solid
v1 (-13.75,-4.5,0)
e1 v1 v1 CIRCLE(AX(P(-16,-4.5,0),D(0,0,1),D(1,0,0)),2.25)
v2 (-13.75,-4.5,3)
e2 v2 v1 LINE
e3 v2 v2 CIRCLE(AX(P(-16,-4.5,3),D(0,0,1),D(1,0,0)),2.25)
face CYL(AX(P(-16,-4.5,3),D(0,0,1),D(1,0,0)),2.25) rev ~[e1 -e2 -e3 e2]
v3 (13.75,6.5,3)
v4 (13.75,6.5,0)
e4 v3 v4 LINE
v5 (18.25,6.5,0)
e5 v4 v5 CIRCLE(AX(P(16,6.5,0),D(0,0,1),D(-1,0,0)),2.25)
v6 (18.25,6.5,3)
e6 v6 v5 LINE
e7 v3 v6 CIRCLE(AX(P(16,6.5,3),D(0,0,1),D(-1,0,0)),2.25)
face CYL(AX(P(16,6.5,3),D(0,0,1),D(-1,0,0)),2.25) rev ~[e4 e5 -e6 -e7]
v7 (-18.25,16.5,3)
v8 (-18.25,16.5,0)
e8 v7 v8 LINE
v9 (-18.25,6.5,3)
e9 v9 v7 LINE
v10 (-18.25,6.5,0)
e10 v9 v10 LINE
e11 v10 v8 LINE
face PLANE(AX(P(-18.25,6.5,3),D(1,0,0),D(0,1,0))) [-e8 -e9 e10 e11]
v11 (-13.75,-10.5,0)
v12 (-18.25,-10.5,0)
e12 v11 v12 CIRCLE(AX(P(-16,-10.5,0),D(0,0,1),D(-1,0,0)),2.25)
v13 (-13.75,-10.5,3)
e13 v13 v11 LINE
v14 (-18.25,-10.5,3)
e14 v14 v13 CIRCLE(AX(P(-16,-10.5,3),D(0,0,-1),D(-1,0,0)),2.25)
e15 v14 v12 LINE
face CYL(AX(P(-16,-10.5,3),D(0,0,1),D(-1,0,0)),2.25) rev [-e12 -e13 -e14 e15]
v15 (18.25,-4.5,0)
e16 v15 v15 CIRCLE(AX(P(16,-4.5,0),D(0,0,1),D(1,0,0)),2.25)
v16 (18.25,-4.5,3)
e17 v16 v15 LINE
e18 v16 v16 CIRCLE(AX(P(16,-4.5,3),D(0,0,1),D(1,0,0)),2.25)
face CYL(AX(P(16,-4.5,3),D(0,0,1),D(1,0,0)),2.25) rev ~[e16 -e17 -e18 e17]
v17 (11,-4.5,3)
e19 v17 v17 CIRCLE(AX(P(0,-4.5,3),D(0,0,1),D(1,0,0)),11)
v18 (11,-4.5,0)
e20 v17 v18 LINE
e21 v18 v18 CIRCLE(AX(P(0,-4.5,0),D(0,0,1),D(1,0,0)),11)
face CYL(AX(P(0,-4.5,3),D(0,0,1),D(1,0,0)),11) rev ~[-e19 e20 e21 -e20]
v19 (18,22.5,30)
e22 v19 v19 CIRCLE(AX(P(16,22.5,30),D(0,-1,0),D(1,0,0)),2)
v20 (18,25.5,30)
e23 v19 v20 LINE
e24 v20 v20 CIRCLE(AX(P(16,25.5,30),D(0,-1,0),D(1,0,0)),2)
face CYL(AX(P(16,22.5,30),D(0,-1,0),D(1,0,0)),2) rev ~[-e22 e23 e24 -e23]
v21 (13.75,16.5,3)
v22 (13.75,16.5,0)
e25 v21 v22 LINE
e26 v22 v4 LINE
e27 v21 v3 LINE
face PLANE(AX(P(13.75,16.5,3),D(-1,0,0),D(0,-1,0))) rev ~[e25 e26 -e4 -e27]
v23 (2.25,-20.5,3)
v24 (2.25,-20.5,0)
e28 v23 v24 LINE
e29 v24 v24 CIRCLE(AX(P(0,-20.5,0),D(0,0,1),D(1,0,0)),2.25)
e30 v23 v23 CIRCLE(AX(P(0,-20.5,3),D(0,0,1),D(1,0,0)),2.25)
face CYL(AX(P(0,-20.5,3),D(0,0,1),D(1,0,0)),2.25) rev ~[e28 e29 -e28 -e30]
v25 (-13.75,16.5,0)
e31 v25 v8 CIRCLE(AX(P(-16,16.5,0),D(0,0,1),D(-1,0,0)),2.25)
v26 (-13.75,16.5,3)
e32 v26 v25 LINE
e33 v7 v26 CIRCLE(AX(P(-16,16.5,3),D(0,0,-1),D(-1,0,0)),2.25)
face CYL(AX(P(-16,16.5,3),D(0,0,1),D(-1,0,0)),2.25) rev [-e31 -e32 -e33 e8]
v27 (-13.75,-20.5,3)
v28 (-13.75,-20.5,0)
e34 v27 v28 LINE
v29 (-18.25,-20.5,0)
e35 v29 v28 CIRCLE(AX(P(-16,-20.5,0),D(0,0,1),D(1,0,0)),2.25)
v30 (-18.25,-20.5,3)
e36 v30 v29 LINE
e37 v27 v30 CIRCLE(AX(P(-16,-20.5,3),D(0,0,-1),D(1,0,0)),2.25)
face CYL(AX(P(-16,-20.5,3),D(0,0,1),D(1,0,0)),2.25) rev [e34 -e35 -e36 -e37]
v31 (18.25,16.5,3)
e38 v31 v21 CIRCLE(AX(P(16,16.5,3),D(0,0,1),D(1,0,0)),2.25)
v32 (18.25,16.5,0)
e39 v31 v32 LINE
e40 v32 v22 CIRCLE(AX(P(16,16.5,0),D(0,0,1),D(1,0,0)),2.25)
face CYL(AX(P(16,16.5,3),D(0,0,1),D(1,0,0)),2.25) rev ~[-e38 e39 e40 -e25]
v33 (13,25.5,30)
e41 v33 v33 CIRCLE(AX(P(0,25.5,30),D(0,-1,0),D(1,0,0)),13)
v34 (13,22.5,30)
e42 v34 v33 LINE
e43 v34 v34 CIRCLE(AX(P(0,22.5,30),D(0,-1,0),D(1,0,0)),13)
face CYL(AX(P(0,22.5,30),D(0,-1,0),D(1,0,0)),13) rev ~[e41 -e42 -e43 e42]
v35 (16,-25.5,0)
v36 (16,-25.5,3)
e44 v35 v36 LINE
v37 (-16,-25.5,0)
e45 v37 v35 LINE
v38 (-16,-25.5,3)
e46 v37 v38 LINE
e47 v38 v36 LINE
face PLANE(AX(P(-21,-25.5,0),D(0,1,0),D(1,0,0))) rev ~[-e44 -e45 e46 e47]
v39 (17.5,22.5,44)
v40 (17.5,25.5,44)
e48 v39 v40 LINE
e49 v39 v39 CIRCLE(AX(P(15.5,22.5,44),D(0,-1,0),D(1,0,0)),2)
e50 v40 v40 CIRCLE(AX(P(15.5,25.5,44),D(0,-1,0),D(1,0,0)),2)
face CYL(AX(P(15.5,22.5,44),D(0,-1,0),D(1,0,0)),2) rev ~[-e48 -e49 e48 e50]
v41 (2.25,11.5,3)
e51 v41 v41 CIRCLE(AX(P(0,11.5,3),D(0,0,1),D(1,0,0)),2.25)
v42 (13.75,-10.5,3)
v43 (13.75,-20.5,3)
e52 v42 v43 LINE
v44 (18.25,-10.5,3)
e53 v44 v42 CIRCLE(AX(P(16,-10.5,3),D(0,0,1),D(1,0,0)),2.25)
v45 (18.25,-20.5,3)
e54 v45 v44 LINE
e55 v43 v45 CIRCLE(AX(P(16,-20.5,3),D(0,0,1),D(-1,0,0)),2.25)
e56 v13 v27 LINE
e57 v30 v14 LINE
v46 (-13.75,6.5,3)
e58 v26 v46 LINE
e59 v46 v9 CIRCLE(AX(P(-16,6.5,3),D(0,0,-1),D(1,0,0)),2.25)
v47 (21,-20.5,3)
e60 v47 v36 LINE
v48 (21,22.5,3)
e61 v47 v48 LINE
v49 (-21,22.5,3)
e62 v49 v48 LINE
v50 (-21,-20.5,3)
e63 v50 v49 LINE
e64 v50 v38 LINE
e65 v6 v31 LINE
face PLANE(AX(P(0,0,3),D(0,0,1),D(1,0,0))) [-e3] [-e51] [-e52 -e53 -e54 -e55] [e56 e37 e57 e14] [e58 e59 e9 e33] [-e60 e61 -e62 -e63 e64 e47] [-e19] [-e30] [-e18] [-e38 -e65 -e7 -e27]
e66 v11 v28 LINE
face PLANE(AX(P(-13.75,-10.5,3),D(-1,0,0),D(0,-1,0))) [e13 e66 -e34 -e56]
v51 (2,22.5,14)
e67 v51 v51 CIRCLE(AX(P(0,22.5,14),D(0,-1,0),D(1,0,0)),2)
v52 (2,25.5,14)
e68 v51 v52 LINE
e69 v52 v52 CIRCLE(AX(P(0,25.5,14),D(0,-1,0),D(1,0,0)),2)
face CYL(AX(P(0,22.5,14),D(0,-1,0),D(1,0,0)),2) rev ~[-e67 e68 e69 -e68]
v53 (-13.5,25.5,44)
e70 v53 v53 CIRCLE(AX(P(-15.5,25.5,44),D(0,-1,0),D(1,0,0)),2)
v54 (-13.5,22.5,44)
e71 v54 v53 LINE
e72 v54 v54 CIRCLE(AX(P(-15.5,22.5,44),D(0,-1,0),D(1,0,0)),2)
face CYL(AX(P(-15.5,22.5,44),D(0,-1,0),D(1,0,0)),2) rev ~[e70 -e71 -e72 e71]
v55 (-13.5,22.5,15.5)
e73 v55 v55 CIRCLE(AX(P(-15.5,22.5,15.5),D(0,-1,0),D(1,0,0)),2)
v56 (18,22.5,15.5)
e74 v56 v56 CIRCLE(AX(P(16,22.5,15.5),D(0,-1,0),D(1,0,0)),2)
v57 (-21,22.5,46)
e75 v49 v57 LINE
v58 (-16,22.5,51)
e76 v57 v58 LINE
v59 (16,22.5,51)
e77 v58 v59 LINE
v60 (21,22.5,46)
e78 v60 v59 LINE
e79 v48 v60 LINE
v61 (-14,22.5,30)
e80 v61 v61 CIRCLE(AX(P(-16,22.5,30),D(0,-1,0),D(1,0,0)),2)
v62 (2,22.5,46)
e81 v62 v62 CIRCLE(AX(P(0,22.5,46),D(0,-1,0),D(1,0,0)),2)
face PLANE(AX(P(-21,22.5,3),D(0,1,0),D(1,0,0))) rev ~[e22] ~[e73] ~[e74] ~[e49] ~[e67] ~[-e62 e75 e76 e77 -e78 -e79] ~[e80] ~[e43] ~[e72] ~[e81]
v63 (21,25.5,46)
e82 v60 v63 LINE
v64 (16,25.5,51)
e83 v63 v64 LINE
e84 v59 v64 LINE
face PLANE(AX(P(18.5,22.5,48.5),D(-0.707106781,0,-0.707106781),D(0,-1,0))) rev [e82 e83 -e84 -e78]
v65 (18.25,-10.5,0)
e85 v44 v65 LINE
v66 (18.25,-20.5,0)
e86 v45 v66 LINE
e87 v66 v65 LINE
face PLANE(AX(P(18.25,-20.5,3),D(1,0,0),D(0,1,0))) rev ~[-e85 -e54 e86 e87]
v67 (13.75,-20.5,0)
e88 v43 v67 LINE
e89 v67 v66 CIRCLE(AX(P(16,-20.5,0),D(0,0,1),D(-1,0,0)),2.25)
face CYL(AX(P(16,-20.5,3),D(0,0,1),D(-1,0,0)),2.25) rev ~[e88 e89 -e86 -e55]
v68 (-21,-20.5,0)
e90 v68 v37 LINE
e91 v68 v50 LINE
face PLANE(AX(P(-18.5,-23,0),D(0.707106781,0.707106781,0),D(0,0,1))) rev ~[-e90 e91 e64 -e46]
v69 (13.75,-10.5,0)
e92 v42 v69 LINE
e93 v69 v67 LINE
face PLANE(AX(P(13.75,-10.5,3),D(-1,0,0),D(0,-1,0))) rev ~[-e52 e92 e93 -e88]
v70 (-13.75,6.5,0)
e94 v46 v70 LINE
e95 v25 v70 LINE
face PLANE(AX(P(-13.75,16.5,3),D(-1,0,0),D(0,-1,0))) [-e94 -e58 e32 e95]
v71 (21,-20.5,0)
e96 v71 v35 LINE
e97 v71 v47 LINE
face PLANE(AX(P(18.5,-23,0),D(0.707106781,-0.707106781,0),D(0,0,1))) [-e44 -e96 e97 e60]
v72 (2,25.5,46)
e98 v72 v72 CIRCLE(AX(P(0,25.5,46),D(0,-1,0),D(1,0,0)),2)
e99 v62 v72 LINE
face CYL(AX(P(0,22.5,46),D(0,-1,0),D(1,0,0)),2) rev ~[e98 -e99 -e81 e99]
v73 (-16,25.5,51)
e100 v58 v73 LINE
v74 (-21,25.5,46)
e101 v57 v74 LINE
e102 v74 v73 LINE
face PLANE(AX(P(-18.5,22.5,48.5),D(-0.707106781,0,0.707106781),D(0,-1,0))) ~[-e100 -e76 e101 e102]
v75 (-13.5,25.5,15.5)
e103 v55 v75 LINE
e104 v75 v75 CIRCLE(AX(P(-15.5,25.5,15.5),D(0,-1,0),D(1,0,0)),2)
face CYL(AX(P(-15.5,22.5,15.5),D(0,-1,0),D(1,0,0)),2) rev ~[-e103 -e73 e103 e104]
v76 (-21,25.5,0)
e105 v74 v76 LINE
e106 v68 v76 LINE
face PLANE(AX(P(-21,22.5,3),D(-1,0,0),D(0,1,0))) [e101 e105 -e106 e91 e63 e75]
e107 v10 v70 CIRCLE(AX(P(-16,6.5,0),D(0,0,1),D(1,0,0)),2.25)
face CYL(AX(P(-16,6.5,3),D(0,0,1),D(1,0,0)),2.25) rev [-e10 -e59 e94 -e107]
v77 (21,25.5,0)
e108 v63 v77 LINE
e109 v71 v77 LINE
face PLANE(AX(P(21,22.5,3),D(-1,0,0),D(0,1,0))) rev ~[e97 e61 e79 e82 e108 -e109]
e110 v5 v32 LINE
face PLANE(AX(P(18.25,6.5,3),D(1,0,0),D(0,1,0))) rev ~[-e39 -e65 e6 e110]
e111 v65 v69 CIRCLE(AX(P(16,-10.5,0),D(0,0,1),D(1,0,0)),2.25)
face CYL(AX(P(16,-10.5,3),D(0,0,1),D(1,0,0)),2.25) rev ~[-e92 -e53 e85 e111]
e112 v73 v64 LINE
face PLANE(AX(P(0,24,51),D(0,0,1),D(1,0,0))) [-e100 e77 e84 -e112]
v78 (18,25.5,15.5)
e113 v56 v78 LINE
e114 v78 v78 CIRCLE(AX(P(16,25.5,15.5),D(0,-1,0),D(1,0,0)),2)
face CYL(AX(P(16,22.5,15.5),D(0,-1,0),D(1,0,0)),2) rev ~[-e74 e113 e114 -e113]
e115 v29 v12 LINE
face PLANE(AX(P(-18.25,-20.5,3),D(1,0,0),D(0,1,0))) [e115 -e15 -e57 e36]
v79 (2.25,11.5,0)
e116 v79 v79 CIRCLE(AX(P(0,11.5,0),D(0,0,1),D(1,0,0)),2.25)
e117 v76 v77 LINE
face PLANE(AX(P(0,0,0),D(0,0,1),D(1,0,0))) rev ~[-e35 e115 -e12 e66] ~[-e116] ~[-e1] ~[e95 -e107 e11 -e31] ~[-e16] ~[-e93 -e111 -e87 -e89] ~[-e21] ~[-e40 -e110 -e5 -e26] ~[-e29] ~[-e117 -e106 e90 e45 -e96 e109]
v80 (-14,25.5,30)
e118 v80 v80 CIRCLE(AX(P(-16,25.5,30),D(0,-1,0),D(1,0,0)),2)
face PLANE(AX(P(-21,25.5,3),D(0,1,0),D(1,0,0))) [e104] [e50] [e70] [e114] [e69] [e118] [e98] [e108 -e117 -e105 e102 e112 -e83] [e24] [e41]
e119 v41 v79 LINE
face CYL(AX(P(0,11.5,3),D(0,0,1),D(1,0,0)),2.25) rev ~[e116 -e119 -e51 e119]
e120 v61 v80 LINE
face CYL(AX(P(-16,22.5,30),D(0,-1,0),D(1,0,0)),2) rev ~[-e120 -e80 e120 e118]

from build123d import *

# Parameters (mm, degrees)
SKETCH_1_W          = 42
SKETCH_1_H          = 51
EXTRUDE_1_DEPTH     = 3
SKETCH_2_W          = 42
SKETCH_2_H          = 3
EXTRUDE_2_DEPTH     = 48
CHAMFER_1_SIZE      = 5
SKETCH_3_R          = 13
SKETCH_3_R_2        = 2
CUT_EXTRUDE_1_DEPTH = 48
SKETCH_4_R          = 2.25
SKETCH_4_R_2        = 11
CUT_EXTRUDE_2_DEPTH = 48


with BuildPart() as part:
    # 스케치1 → 보스-돌출1 (new body)
    with BuildSketch(Plane.XY):
        Rectangle(SKETCH_1_W, SKETCH_1_H)
    extrude(amount=EXTRUDE_1_DEPTH)

    # 스케치2 → 보스-돌출2 (add)
    with BuildSketch(Plane.XY.offset(3)):
        with Locations((0, 24)):
            Rectangle(SKETCH_2_W, SKETCH_2_H)
    extrude(amount=EXTRUDE_2_DEPTH)

    # 모따기1
    chamfer_1_edges = [part.edges().sort_by_distance(p)[0] for p in [
        (-21, 24, 51),
        (21, 24, 51),
        (21, -25.5, 1.5),
        (-21, -25.5, 1.5),
    ]]
    chamfer(chamfer_1_edges, length=CHAMFER_1_SIZE)

    # 스케치3 → 컷-돌출1 (cut)
    with BuildSketch(Plane.XZ.offset(-22.5)):
        with Locations((0, 30)):
            Circle(SKETCH_3_R)
        with Locations((-15.5, 44)):
            Circle(SKETCH_3_R_2)
        with Locations((-15.5, 15.5)):
            Circle(SKETCH_3_R_2)
        with Locations((0, 46)):
            Circle(SKETCH_3_R_2)
        with Locations((15.5, 44)):
            Circle(SKETCH_3_R_2)
        with Locations((16, 30)):
            Circle(SKETCH_3_R_2)
        with Locations((0, 14)):
            Circle(SKETCH_3_R_2)
        with Locations((-16, 30)):
            Circle(SKETCH_3_R_2)
        with Locations((16, 15.5)):
            Circle(SKETCH_3_R_2)
    extrude(amount=-CUT_EXTRUDE_1_DEPTH, mode=Mode.SUBTRACT)

    # 스케치4 → 컷-돌출2 (cut)
    with BuildSketch(Plane.XY.offset(3)):
        with Locations((0, -20.5)):
            Circle(SKETCH_4_R)
        with Locations((0, -4.5)):
            Circle(SKETCH_4_R_2)
        with Locations((-16, -4.5)):
            Circle(SKETCH_4_R)
        with Locations((0, 11.5)):
            Circle(SKETCH_4_R)
        with Locations((16, -4.5)):
            Circle(SKETCH_4_R)
        with BuildLine():
            Line((-13.75, 16.5), (-13.75, 6.5))
            ThreePointArc((-13.75, 6.5), (-16, 4.25), (-18.25, 6.5))
            Line((-18.25, 6.5), (-18.25, 16.5))
            ThreePointArc((-18.25, 16.5), (-16, 18.75), (-13.75, 16.5))
        make_face()
        with BuildLine():
            Line((-13.75, -10.5), (-13.75, -20.5))
            ThreePointArc((-13.75, -20.5), (-16, -22.75), (-18.25, -20.5))
            Line((-18.25, -20.5), (-18.25, -10.5))
            ThreePointArc((-18.25, -10.5), (-16, -8.25), (-13.75, -10.5))
        make_face()
        with BuildLine():
            Line((13.75, -10.5), (13.75, -20.5))
            ThreePointArc((13.75, -20.5), (16, -22.75), (18.25, -20.5))
            Line((18.25, -20.5), (18.25, -10.5))
            ThreePointArc((18.25, -10.5), (16, -8.25), (13.75, -10.5))
        make_face()
        with BuildLine():
            Line((13.75, 16.5), (13.75, 6.5))
            ThreePointArc((13.75, 6.5), (16, 4.25), (18.25, 6.5))
            Line((18.25, 6.5), (18.25, 16.5))
            ThreePointArc((18.25, 16.5), (16, 18.75), (13.75, 16.5))
        make_face()
    extrude(amount=-CUT_EXTRUDE_2_DEPTH, mode=Mode.SUBTRACT)


solid = part.part
